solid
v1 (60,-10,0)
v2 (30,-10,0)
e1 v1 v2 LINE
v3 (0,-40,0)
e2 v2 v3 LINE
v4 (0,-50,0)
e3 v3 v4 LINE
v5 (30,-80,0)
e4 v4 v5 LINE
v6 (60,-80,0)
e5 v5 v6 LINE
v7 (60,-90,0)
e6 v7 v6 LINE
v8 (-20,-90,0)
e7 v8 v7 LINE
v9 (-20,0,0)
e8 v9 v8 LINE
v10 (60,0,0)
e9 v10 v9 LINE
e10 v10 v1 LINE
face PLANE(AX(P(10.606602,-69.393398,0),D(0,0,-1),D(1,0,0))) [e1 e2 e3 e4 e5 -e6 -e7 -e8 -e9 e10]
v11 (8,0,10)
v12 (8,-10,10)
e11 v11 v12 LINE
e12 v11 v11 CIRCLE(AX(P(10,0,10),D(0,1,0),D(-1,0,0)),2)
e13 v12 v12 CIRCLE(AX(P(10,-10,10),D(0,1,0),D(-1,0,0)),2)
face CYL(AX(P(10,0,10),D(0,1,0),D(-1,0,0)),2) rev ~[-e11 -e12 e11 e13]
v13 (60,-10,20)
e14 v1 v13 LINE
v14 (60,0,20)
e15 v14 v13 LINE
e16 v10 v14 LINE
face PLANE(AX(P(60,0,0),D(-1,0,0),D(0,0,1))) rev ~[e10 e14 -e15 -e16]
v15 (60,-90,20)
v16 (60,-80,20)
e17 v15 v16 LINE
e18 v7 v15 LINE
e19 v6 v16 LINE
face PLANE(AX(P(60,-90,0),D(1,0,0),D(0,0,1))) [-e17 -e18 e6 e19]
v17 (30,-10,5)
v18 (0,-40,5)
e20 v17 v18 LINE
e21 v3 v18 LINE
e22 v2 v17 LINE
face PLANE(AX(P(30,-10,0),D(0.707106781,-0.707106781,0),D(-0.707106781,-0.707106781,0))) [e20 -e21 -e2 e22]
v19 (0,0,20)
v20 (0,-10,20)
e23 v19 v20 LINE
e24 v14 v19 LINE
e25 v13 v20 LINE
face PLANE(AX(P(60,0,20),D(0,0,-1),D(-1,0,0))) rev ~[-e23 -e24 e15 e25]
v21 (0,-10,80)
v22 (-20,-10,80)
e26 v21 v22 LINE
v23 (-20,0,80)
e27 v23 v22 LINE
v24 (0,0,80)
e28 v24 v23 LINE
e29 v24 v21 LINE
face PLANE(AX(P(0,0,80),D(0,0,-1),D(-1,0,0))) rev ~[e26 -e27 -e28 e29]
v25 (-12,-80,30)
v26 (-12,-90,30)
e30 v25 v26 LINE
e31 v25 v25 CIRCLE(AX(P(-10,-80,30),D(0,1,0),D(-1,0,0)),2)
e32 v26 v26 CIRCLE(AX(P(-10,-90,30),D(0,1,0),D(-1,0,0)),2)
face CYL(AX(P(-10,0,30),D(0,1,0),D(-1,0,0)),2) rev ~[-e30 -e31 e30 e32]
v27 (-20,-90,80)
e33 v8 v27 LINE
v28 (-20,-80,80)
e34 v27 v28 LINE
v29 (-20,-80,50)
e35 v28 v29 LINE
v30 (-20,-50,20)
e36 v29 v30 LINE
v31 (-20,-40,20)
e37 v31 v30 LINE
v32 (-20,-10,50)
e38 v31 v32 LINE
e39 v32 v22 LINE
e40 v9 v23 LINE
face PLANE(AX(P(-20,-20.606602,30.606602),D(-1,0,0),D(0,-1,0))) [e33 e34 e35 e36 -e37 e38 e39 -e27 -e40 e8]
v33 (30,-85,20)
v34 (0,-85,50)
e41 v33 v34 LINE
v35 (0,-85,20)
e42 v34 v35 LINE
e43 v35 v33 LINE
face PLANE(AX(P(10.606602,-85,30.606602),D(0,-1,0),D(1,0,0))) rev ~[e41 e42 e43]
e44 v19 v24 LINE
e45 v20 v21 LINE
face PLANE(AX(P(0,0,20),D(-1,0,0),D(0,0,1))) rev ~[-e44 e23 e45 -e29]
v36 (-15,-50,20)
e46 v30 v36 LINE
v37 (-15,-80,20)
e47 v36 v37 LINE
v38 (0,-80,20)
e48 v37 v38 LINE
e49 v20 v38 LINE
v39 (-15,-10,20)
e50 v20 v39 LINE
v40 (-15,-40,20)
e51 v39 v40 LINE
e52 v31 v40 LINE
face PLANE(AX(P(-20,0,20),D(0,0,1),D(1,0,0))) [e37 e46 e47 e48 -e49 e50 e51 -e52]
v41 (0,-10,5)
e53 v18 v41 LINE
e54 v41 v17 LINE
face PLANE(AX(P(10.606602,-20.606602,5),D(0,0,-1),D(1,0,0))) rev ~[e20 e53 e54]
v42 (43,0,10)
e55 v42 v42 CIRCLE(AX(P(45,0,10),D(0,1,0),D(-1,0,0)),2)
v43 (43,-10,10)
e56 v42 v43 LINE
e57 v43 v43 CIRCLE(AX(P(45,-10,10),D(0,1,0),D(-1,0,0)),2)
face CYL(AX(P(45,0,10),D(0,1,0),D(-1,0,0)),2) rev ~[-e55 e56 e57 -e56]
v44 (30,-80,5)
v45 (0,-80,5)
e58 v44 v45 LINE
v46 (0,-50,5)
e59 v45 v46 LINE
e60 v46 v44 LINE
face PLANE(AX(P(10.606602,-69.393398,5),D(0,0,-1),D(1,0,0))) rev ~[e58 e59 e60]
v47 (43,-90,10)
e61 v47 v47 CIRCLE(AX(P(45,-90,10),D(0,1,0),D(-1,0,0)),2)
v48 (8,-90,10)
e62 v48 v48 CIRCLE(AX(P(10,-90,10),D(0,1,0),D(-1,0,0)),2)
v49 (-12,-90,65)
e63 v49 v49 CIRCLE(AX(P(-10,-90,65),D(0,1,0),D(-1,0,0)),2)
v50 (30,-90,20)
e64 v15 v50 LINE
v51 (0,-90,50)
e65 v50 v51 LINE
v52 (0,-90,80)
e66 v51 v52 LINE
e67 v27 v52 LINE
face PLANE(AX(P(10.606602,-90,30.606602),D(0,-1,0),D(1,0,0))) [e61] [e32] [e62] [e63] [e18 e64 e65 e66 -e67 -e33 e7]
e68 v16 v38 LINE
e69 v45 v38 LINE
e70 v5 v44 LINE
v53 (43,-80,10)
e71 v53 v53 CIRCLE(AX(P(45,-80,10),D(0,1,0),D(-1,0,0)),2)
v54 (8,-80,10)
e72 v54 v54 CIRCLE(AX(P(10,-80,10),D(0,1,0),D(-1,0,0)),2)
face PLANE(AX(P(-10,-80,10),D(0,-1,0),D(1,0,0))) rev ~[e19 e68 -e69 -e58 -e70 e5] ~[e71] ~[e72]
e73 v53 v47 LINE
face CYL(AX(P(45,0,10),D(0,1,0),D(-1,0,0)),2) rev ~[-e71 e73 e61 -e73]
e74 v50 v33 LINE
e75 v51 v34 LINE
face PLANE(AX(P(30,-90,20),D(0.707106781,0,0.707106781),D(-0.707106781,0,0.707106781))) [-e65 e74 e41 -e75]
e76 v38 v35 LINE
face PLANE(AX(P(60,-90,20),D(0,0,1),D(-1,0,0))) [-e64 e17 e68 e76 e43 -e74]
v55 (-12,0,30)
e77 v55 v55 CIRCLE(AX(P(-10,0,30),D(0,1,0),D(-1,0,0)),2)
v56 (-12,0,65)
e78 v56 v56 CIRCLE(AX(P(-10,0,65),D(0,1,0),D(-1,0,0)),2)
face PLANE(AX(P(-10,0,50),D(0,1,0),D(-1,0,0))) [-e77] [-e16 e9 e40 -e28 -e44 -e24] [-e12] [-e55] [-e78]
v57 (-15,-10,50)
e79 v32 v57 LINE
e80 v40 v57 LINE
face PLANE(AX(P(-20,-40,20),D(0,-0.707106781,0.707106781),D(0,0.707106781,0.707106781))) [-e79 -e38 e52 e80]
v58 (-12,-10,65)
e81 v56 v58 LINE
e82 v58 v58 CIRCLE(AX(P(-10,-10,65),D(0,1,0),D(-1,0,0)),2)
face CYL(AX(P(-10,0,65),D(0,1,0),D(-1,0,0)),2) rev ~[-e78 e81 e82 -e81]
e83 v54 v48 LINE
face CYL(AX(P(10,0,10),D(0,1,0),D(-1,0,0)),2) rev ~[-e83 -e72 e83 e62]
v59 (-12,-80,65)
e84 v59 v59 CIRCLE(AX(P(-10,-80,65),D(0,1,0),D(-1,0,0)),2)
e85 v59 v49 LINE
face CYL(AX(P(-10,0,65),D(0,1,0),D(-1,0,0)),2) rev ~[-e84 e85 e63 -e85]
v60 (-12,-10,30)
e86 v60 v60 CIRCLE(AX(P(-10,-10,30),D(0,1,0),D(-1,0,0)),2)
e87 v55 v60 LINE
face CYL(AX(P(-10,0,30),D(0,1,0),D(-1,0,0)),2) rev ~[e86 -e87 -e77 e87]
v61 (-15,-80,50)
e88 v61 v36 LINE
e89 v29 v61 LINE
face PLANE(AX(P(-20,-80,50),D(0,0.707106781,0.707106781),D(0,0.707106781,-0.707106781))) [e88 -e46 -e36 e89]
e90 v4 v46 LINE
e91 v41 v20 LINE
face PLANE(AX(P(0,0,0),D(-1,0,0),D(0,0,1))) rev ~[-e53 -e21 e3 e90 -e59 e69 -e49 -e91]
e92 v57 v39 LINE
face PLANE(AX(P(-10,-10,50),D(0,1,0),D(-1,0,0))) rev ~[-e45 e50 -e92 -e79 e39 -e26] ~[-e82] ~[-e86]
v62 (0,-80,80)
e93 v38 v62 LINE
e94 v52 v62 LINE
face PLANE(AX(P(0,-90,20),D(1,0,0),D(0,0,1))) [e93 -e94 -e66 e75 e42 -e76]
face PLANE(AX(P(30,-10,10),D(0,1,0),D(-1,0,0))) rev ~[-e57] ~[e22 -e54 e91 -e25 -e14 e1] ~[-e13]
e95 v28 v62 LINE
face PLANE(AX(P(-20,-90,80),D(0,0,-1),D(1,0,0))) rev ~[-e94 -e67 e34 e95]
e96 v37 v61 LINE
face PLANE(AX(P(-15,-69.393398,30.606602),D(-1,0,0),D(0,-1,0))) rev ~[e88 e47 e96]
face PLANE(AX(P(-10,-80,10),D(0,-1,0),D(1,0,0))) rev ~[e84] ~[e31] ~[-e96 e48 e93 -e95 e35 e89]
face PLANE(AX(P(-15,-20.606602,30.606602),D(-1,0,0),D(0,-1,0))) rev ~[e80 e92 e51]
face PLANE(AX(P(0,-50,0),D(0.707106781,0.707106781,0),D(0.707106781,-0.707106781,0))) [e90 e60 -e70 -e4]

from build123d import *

# Parameters (mm, degrees)
F0_W      = 20
F0_H      = 20
F1_DEPTH  = 90
F2_W      = 20
F2_H      = 20
F2_W_2    = 60
F2_H_2    = 60
F3_DEPTH  = 10
F4_W      = 20
F4_H      = 60
F4_W_2    = 60
F4_H_2    = 20
F5_DEPTH  = 10
F6_R      = 2
F7_DEPTH  = 116.7
F9_DEPTH  = 5
F11_DEPTH = 5
F13_DEPTH = 5


with BuildPart() as f1:
    # F0 (on Front) → F1 (new body)
    with BuildSketch(Plane.XZ):
        with Locations((-10, 10)):
            Rectangle(F0_W, F0_H)
    extrude(amount=F1_DEPTH)

    # F2 (on face) → F3 (join)
    with BuildSketch(Plane.XZ.offset(90)):
        with Locations((-10, 10)):
            Rectangle(F2_W, F2_H)
        with Locations((30, 10)):
            Rectangle(F2_W_2, F2_H)
        with Locations((-10, 50)):
            Rectangle(F2_W, F2_H_2)
    extrude(amount=-F3_DEPTH)

    # F4 (on face) → F5 (join)
    with BuildSketch(Plane(origin=(0, 0, 0), x_dir=(-1, 0, 0), z_dir=(0, 1, 0))):
        with Locations((10, 50)):
            Rectangle(F4_W, F4_H)
        with Locations((-30, 10)):
            Rectangle(F4_W_2, F4_H_2)
    extrude(amount=-F5_DEPTH)

    # F6 (on face) → F7 (cut)
    with BuildSketch(Plane(origin=(0, 0, 0), x_dir=(-1, 0, 0), z_dir=(0, 1, 0))):
        with Locations((10, 65)):
            Circle(F6_R)
        with Locations((10, 30)):
            Circle(F6_R)
        with Locations((-45, 10)):
            Circle(F6_R)
        with Locations((-10, 10)):
            Circle(F6_R)
    extrude(amount=-F7_DEPTH, mode=Mode.SUBTRACT)

    # F8 (on face) → F9 (join)
    with BuildSketch(Plane.XZ.offset(90)):
        Polygon((0, 50), (0, 20), (30, 20), align=None)
    extrude(amount=-F9_DEPTH)

    # F10 (on face) → F11 (join)
    with BuildSketch(Plane(origin=(0, 0, 0), x_dir=(1, 0, 0), z_dir=(0, 0, -1))):
        Polygon((30, 80), (0, 80), (0, 50), align=None)
        Polygon((0, 10), (30, 10), (0, 40), align=None)
    extrude(amount=-F11_DEPTH)

    # F12 (on face) → F13 (join)
    with BuildSketch(Plane(origin=(-20, 0, 0), x_dir=(0, -1, 0), z_dir=(-1, 0, 0))):
        Polygon((10, 50), (10, 20), (40, 20), align=None)
        Polygon((80, 20), (80, 50), (50, 20), align=None)
    extrude(amount=-F13_DEPTH)


solid = f1.part
